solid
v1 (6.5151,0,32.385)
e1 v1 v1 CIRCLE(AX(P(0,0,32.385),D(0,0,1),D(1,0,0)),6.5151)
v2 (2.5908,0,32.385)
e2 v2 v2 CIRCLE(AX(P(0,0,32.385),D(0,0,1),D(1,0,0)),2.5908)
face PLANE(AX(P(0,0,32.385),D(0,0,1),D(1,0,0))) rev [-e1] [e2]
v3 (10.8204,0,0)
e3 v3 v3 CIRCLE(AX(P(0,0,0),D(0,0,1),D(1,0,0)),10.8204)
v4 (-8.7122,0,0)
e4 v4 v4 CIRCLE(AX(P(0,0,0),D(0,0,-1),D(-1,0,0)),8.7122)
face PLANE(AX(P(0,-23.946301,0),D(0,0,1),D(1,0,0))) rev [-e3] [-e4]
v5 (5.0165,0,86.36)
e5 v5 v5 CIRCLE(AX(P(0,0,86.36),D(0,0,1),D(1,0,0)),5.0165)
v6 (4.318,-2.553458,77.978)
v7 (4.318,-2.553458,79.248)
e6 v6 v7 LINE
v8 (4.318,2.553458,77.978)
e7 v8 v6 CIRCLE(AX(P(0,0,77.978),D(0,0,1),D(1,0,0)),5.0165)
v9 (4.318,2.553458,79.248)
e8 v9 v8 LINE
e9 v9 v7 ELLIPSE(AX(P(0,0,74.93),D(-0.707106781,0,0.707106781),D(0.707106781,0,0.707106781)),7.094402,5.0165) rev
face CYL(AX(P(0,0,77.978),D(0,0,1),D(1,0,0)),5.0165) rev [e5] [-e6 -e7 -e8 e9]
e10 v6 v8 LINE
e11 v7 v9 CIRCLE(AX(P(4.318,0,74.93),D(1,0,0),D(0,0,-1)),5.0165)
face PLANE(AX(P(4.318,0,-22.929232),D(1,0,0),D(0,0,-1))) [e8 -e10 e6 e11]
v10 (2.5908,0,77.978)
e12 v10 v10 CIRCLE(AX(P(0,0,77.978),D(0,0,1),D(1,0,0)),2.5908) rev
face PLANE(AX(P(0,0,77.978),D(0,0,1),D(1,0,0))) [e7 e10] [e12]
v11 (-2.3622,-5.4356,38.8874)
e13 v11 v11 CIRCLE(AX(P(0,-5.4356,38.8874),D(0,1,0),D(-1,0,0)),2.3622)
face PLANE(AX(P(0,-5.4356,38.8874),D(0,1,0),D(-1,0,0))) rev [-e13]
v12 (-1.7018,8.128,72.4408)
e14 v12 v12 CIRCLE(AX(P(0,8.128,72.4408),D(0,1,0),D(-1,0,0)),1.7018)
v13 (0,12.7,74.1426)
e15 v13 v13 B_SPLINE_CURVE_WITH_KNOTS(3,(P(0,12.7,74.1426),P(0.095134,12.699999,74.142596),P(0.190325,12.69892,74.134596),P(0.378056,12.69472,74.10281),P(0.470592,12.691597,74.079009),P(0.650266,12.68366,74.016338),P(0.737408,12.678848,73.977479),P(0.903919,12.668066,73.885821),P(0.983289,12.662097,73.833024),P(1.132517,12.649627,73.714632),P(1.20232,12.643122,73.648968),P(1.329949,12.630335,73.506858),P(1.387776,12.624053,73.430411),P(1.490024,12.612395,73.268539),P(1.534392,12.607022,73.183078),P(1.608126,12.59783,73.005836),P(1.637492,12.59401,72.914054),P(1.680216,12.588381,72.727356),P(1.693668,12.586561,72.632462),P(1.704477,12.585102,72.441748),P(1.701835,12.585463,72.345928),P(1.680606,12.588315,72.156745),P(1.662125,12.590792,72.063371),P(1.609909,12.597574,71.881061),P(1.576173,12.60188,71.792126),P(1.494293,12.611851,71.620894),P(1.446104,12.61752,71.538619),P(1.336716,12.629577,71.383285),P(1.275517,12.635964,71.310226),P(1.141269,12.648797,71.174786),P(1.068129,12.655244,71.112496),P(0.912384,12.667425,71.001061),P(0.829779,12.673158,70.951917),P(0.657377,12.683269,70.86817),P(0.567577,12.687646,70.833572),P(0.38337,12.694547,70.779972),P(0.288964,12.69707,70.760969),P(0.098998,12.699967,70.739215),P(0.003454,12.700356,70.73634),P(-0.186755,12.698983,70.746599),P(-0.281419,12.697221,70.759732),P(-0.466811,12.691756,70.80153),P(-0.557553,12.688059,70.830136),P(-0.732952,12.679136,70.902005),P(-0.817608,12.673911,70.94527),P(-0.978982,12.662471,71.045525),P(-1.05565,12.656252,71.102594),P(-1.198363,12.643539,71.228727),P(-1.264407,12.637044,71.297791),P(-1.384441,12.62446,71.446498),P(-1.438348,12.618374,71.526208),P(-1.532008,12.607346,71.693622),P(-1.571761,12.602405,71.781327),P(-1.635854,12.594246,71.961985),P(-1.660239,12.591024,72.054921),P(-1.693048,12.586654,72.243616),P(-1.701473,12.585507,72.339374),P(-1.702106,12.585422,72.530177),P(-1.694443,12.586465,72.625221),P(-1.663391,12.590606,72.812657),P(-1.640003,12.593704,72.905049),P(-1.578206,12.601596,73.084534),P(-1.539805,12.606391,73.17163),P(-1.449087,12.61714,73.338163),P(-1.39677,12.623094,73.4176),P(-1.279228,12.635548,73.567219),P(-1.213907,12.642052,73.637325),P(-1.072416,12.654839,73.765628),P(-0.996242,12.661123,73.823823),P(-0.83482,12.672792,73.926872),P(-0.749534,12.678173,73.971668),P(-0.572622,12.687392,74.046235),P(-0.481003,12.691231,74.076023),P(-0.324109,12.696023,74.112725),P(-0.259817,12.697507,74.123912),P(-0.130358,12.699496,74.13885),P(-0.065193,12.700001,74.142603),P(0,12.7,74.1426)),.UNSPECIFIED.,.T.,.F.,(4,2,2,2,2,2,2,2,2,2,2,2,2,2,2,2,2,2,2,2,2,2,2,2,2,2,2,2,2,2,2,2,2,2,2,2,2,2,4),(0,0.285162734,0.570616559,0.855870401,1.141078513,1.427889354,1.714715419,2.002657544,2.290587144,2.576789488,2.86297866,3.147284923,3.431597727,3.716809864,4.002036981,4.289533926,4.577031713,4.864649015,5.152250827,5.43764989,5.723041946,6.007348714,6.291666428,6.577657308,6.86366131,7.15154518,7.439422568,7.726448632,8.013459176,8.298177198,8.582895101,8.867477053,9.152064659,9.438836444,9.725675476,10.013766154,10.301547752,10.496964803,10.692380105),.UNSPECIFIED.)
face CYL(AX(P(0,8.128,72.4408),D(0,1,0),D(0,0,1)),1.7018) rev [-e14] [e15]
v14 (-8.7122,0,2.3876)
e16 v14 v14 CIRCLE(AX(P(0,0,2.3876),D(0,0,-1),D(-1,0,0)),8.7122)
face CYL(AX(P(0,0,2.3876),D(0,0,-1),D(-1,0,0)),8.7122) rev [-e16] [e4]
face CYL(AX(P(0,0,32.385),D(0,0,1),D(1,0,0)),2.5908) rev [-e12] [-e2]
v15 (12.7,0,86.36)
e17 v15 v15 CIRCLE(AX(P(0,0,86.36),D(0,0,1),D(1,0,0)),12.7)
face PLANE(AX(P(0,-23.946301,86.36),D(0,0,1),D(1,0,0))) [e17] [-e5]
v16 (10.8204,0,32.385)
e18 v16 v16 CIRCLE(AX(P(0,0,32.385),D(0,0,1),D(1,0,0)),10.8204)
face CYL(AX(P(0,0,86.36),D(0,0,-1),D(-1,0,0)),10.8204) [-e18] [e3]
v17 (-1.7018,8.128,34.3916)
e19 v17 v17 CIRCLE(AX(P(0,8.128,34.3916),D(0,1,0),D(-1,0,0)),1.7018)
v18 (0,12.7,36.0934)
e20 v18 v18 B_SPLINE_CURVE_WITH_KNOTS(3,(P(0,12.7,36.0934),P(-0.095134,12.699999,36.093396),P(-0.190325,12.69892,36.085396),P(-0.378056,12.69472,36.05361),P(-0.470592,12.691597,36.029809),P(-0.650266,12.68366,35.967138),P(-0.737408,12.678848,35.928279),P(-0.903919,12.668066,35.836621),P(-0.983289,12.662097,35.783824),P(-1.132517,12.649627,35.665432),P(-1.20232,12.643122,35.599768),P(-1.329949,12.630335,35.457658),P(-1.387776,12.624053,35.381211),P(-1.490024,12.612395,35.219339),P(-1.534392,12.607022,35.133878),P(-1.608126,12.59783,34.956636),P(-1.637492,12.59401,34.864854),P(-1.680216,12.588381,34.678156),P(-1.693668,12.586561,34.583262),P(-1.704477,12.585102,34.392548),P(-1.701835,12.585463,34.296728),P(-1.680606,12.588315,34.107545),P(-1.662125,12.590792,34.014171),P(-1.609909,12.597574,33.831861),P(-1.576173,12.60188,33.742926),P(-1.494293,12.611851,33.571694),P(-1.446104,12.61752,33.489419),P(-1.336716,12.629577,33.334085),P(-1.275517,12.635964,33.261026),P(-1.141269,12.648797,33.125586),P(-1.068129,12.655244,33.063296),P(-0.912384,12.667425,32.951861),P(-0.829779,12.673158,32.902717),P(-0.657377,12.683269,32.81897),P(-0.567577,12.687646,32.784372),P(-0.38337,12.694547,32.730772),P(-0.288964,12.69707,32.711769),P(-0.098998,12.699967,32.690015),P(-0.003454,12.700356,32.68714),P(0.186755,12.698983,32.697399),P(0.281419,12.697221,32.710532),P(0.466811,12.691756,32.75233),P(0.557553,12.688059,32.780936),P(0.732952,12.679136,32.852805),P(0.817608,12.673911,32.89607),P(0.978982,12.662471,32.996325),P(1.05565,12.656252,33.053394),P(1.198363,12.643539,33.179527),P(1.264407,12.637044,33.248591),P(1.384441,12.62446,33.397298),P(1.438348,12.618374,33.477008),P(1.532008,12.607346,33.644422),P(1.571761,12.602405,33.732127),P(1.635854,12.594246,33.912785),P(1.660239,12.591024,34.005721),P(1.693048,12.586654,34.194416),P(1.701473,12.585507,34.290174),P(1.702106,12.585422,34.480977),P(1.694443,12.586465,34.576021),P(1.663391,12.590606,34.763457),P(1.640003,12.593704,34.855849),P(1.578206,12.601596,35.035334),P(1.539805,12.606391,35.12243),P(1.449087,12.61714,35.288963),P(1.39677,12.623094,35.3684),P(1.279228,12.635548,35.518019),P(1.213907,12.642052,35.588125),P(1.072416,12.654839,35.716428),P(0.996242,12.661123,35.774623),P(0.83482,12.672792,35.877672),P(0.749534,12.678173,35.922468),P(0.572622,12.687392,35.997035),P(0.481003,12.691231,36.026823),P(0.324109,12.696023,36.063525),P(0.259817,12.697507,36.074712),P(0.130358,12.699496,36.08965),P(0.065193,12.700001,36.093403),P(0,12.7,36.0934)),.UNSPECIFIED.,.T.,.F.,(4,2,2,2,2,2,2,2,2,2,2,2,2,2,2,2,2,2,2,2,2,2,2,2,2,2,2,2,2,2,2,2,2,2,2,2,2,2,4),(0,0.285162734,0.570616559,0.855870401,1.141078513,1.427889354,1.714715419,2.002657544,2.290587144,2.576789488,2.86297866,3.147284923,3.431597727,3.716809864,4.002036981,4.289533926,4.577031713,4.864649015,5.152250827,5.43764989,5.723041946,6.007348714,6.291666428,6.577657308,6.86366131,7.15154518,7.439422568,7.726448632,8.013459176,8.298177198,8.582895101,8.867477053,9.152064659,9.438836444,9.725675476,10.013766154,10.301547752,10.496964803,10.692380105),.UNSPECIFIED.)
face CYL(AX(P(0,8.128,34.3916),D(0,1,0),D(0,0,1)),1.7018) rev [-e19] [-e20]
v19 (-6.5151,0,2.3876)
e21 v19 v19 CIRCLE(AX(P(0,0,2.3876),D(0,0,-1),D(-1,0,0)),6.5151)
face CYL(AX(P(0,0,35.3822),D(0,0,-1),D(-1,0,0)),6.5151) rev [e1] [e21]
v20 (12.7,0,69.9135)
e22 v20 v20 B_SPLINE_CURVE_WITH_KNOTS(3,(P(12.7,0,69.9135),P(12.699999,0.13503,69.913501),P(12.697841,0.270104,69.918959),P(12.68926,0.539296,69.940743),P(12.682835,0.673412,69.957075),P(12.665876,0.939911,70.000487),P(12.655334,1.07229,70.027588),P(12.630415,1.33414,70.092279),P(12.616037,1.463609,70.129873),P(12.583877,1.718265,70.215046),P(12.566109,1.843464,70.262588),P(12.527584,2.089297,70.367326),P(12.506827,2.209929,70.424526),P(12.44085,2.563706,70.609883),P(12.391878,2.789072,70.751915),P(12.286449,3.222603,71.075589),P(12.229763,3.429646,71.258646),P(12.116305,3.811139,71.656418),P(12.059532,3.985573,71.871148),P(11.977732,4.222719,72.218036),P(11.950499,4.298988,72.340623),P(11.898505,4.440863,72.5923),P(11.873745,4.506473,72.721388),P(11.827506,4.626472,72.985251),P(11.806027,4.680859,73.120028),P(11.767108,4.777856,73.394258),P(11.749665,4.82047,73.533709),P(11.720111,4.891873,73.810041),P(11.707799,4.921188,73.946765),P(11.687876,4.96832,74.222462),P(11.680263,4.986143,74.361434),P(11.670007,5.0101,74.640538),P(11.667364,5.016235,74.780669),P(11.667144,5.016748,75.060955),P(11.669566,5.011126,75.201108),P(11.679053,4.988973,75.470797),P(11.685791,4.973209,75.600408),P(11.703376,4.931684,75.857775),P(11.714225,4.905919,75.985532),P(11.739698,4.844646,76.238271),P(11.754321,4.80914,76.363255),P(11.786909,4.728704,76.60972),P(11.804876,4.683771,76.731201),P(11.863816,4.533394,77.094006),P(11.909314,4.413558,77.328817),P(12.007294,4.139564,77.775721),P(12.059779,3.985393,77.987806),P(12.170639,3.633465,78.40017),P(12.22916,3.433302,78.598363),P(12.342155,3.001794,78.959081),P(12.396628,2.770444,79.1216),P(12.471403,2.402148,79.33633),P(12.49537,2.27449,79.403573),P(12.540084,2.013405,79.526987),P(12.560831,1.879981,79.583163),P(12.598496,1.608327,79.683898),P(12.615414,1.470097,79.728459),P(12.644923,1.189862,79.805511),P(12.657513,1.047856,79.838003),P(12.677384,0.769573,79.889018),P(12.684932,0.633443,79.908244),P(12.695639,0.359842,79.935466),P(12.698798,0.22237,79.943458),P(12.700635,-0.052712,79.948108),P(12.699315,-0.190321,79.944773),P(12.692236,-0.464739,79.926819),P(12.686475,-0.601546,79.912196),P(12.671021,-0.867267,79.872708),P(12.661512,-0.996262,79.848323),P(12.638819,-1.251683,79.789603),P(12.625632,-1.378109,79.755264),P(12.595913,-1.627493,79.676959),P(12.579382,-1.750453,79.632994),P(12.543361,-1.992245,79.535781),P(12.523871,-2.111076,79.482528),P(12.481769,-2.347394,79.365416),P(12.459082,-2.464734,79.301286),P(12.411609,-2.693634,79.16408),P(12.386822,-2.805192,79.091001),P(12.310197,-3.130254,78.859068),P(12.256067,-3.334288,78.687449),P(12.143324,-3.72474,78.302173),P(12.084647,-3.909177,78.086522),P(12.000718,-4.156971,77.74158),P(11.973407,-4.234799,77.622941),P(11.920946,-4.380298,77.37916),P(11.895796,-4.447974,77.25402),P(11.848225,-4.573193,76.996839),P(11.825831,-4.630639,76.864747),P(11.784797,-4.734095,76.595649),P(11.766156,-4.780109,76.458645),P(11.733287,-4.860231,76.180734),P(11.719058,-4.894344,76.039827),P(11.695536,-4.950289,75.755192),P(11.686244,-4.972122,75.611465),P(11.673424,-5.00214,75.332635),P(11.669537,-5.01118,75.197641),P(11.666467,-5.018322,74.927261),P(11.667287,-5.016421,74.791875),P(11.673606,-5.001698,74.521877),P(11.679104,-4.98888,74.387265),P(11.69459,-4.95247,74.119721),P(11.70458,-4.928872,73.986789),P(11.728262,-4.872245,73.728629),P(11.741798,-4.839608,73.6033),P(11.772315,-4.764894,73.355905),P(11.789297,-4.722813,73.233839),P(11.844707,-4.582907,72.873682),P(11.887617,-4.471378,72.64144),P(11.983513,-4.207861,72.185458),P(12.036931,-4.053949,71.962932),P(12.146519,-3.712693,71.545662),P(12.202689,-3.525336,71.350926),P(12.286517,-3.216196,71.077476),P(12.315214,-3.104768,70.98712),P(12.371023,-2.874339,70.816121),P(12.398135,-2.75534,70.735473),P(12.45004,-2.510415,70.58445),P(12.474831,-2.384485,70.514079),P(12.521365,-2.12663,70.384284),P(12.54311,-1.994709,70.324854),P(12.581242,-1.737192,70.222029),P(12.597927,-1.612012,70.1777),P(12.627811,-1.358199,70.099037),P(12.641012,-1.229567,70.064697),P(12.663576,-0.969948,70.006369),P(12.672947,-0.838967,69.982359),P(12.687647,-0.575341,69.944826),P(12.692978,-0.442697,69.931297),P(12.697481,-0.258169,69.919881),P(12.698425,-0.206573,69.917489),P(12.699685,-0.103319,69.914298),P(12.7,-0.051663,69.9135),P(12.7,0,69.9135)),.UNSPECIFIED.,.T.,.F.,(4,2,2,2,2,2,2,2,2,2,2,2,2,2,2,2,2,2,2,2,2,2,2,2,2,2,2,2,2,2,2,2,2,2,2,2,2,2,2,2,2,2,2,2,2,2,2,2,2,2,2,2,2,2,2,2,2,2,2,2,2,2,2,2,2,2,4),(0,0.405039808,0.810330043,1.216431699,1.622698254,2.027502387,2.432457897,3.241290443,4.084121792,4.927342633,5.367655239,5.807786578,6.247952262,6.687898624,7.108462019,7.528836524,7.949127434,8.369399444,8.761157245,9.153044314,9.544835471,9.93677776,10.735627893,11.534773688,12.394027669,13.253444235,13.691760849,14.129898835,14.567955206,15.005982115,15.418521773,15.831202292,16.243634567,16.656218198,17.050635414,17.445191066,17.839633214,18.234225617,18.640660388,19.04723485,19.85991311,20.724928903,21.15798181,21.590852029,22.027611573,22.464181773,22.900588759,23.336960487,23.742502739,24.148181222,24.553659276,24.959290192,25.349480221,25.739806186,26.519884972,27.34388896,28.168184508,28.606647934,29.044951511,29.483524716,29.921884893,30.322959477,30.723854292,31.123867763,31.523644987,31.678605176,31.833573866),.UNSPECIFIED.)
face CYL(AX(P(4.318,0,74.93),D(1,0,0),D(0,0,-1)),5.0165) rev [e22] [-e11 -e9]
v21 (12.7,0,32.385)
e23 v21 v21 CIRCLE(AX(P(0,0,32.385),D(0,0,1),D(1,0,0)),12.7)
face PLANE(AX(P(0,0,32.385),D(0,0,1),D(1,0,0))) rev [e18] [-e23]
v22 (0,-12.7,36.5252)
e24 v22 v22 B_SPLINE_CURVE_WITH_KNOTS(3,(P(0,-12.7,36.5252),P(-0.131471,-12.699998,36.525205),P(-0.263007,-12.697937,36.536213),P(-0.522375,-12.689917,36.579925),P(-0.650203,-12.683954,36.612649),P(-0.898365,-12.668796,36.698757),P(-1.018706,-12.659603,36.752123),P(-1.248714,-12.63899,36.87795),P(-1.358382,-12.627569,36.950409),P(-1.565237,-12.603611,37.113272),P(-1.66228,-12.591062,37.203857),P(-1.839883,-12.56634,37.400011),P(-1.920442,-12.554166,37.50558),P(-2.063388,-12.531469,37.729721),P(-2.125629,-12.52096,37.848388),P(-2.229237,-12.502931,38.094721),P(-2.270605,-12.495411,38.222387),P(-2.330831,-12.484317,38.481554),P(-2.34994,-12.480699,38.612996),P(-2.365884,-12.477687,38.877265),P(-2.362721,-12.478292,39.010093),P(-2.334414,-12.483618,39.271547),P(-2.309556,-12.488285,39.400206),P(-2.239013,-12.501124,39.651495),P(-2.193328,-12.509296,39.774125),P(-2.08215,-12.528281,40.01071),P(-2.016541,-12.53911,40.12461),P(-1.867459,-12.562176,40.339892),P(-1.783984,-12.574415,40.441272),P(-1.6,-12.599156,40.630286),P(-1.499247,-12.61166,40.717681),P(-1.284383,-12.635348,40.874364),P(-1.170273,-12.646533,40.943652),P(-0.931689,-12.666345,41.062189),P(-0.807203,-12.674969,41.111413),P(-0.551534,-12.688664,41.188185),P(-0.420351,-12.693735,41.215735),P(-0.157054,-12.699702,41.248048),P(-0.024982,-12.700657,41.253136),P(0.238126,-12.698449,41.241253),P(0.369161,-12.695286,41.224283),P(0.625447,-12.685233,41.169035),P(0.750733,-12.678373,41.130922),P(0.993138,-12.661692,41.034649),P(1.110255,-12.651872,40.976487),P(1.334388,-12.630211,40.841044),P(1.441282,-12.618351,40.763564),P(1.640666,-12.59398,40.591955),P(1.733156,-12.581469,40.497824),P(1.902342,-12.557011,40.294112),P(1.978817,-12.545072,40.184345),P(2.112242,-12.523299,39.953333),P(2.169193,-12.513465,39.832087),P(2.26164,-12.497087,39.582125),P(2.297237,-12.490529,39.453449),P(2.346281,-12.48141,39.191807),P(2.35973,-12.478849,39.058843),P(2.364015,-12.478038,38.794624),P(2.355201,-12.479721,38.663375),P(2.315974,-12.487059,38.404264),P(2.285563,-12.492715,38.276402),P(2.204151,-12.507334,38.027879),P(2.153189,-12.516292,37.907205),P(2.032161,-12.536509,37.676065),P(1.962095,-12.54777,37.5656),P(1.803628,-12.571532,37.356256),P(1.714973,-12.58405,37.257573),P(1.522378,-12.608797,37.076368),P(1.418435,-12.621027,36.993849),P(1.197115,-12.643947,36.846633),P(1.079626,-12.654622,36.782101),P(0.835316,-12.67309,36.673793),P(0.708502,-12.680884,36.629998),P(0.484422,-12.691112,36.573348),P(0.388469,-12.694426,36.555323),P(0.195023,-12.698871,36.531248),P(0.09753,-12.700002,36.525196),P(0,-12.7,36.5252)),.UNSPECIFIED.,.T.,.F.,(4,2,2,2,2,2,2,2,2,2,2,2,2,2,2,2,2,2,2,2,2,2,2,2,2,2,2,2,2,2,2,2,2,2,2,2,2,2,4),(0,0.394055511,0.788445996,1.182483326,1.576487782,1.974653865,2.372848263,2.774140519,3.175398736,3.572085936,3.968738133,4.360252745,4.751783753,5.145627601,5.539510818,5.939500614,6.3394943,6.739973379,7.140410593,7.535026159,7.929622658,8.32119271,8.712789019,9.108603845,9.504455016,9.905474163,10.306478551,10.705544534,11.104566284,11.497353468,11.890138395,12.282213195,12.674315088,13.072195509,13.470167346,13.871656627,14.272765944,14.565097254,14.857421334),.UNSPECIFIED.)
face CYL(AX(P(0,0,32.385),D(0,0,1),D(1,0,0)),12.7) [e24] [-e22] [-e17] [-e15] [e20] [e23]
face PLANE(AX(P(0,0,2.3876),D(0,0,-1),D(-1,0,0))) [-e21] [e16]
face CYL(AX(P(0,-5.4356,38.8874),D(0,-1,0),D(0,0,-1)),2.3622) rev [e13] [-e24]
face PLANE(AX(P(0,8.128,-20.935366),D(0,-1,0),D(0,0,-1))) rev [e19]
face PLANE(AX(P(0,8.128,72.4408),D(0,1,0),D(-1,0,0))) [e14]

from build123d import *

# Parameters (mm, degrees)
SKETCH1_R          = 10.8204
SKETCH1_R_2        = 8.7122
EXTRUDE1_DEPTH     = 86.36
SKETCH2_R          = 12.7
SKETCH2_R_2        = 2.5908
EXTRUDE2_DEPTH     = 53.975
SKETCH3_R          = 8.7122
SKETCH3_R_2        = 6.5151
EXTRUDE3_DEPTH     = 35.3822
SKETCH4_R          = 8.7122
SKETCH4_R_2        = 6.5151
CUT_EXTRUDE1_DEPTH = 2.3876
SKETCH15_R         = 2.3622
CUT_EXTRUDE5_DEPTH = 7.2644
SKETCH17_R         = 1.7018
CUT_EXTRUDE6_DEPTH = 4.572
SKETCH18_R         = 5.0165
CUT_EXTRUDE7_DEPTH = 8.382
SKETCH19_R         = 5.0165
CUT_EXTRUDE8_DEPTH = 8.382


with BuildPart() as part:
    # Sketch1 → Extrude1 (new body)
    with BuildSketch(Plane.XY):
        Circle(SKETCH1_R)
        Circle(SKETCH1_R_2, mode=Mode.SUBTRACT)
    extrude(amount=EXTRUDE1_DEPTH)

    # Sketch2 → Extrude2 (add)
    with BuildSketch(Plane.XY.offset(86.36)):
        Circle(SKETCH2_R)
        Circle(SKETCH2_R_2, mode=Mode.SUBTRACT)
    extrude(amount=-EXTRUDE2_DEPTH)

    # Sketch3 → Extrude3 (add)
    with BuildSketch(Plane(origin=(0, 0, 0), x_dir=(-1, 0, 0), z_dir=(0, 0, -1))):
        Circle(SKETCH3_R)
        Circle(SKETCH3_R_2, mode=Mode.SUBTRACT)
    extrude(amount=-EXTRUDE3_DEPTH)

    # Sketch4 → Cut-Extrude1 (cut)
    with BuildSketch(Plane(origin=(0, 0, 0), x_dir=(-1, 0, 0), z_dir=(0, 0, -1))):
        Circle(SKETCH4_R)
        Circle(SKETCH4_R_2, mode=Mode.SUBTRACT)
    extrude(amount=-CUT_EXTRUDE1_DEPTH, mode=Mode.SUBTRACT)

    # Sketch15 → Cut-Extrude5 (cut)
    with BuildSketch(Plane(origin=(0, -12.7, 0), x_dir=(-1, 0, 0), z_dir=(0, 1, 0))):
        with Locations(Location((0, 38.8874, 0), (0, 0, 270))):  # turned: the seam where the file's is
            Circle(SKETCH15_R)
    extrude(amount=CUT_EXTRUDE5_DEPTH, mode=Mode.SUBTRACT)

    # Sketch17 → Cut-Extrude6 (cut)
    with BuildSketch(Plane(origin=(0, 12.7, 0), x_dir=(-1, 0, 0), z_dir=(0, 1, 0))):
        with Locations(Location((0, 34.3916, 0), (0, 0, 90))):  # turned: the seam where the file's is
            Circle(SKETCH17_R)
        with Locations(Location((0, 72.4408, 0), (0, 0, 90))):  # turned: the seam where the file's is
            Circle(SKETCH17_R)
    extrude(amount=-CUT_EXTRUDE6_DEPTH, mode=Mode.SUBTRACT)

    # Sketch18 → Cut-Extrude7 (cut)
    with BuildSketch(Plane.XY.offset(86.36)):
        Circle(SKETCH18_R)
    extrude(amount=-CUT_EXTRUDE7_DEPTH, mode=Mode.SUBTRACT)

    # Sketch19 → Cut-Extrude8 (cut)
    with BuildSketch(Plane(origin=(12.7, 0, 0), x_dir=(0, 0, -1), z_dir=(1, 0, 0))):
        with Locations(Location((-74.93, 0, 0), (0, 0, 180))):  # turned: the seam where the file's is
            Circle(SKETCH19_R)
    extrude(amount=-CUT_EXTRUDE8_DEPTH, mode=Mode.SUBTRACT)


solid = part.part
